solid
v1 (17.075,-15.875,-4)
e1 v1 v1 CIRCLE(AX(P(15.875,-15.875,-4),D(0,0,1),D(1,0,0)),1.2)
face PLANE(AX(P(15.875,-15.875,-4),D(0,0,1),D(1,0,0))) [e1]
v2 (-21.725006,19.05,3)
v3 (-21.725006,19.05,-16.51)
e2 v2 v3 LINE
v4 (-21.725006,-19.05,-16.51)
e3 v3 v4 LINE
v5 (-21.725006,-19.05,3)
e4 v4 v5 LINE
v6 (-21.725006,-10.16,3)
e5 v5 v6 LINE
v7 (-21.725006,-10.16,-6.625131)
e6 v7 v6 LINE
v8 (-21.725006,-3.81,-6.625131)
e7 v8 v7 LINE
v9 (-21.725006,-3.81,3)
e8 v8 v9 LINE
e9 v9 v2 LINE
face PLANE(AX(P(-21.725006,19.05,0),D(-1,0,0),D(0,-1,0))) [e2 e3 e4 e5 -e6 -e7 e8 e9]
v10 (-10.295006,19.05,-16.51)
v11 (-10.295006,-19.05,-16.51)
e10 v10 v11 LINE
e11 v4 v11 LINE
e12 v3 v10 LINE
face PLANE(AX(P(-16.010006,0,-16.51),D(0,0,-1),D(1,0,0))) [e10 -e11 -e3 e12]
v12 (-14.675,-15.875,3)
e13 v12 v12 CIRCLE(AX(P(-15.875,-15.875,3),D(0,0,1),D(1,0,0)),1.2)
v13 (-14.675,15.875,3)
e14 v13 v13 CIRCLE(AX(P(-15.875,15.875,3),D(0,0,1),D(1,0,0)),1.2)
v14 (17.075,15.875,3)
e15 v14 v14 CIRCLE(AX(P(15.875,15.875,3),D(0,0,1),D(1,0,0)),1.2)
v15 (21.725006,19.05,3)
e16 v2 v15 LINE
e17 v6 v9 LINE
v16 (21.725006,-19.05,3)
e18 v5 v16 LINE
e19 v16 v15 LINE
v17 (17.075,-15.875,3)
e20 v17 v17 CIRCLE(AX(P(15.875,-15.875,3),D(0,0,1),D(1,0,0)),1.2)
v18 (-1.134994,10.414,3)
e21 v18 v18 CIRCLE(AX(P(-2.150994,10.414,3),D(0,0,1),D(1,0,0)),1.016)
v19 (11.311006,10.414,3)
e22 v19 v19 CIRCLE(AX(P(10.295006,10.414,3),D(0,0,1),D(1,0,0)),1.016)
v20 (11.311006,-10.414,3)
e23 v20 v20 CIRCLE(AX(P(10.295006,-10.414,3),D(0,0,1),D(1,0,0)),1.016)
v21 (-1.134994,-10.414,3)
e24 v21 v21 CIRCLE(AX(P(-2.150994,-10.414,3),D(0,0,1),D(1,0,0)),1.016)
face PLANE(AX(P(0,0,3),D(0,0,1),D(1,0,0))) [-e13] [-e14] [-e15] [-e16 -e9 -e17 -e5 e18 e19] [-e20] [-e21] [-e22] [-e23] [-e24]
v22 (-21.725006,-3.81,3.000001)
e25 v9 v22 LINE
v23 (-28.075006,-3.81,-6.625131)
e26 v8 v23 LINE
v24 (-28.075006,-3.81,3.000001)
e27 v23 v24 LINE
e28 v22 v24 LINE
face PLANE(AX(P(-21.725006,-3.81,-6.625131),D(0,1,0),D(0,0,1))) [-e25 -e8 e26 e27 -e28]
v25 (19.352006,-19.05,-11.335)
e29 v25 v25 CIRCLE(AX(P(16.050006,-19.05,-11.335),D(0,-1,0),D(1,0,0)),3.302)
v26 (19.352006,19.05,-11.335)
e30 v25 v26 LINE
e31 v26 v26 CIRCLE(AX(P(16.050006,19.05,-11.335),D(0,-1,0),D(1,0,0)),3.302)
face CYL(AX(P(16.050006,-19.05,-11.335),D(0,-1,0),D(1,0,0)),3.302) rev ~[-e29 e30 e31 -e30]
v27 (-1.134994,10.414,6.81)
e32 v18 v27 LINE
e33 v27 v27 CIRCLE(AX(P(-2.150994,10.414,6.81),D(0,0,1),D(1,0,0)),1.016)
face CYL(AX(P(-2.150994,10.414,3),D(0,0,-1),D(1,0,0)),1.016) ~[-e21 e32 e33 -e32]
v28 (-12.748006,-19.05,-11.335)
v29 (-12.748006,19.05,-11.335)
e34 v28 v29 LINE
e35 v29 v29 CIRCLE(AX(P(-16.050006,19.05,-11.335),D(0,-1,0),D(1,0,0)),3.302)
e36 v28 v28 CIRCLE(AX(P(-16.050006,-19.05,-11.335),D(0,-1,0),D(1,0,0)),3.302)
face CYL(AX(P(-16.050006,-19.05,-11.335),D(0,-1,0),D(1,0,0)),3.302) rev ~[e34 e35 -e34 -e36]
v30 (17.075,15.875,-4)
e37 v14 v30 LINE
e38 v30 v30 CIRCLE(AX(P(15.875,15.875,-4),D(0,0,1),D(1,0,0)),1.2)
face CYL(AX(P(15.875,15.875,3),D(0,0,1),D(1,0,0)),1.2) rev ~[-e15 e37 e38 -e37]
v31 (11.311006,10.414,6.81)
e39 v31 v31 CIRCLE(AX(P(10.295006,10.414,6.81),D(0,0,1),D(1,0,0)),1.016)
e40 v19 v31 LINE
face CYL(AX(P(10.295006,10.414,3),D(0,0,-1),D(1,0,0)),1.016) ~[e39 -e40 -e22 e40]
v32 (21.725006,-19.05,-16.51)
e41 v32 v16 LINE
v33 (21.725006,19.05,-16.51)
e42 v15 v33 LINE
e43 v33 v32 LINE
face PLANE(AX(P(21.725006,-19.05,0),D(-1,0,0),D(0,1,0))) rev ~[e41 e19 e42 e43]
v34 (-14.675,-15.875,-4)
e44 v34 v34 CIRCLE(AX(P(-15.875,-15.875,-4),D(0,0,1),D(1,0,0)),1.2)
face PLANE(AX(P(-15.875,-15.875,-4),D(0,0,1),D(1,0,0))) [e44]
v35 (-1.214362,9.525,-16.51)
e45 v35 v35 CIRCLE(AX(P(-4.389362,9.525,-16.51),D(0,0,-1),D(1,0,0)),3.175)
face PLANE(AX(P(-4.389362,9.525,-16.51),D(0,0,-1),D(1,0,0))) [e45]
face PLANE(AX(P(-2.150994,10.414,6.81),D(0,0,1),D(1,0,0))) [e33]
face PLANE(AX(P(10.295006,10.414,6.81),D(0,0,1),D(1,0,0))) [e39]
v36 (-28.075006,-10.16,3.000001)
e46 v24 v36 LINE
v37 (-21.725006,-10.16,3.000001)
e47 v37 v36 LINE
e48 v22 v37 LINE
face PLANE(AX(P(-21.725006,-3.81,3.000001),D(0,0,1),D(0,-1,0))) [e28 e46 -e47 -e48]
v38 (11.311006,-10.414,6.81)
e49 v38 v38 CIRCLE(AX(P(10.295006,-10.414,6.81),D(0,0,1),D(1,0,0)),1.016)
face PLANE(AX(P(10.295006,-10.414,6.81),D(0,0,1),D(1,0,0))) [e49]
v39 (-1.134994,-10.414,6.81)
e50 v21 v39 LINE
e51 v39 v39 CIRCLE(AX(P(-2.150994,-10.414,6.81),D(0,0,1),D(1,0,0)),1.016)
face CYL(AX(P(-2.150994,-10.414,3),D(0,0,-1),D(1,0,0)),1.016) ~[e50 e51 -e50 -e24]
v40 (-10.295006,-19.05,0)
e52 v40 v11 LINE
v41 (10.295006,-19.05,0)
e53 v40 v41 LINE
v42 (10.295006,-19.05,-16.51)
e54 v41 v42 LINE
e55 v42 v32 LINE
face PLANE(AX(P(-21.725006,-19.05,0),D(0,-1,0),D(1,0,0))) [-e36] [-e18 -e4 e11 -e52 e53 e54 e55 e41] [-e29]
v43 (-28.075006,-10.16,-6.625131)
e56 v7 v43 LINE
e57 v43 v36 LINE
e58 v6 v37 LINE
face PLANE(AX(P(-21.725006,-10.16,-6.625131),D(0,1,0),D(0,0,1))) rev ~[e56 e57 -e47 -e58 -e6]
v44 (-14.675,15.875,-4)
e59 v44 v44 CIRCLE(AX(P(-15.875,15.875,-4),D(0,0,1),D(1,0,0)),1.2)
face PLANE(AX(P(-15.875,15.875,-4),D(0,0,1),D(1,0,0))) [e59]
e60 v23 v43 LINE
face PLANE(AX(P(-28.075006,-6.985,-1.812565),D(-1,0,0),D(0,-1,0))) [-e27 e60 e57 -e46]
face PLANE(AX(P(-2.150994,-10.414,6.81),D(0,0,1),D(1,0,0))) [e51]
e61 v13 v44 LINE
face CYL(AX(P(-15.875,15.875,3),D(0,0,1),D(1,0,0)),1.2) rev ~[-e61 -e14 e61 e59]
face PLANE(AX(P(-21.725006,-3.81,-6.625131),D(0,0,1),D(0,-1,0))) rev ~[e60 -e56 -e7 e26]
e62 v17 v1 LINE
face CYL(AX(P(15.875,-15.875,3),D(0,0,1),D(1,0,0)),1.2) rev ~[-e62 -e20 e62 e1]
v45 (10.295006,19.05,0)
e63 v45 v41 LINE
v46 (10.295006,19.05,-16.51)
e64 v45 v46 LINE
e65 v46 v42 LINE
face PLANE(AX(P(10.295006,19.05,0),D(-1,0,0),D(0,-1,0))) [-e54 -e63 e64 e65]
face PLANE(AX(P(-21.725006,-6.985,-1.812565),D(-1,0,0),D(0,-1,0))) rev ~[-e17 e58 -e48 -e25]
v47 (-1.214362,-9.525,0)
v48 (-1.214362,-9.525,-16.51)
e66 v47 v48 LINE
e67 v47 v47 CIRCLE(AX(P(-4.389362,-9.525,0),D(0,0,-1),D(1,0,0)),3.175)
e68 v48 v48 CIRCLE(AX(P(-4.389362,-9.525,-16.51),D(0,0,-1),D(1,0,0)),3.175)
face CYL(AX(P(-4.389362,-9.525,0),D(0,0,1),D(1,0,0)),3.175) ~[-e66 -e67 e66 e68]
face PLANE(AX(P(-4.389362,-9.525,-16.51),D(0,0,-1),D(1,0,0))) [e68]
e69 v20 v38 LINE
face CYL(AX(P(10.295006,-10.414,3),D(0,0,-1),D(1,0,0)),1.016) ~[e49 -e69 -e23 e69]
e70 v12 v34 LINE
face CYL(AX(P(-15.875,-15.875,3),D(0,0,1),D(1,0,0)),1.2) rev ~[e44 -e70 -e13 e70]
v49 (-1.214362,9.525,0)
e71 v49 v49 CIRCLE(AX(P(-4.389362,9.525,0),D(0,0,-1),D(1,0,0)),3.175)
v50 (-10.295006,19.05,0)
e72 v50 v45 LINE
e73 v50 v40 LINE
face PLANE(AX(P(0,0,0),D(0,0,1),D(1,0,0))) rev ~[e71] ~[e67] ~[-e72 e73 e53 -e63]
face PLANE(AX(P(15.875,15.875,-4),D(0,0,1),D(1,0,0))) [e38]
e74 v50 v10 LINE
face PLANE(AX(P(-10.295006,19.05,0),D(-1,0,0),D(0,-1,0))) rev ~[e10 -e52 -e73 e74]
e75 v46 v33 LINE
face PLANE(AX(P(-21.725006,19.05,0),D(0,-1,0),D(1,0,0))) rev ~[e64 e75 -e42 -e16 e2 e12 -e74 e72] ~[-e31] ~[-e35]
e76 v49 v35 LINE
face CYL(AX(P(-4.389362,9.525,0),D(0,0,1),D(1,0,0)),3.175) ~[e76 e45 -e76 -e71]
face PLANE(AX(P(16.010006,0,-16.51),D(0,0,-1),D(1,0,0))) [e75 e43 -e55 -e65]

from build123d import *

# Parameters (mm, degrees)
F0_W      = 43.450012
F0_H      = 38.1
F1_DEPTH  = 3
F2_W      = 11.43
F2_H      = 38.1
F3_DEPTH  = 16.51
F4_R      = 3.302
F5_DEPTH  = 38.1
F6_R      = 1.016
F7_DEPTH  = 3.81
F8_R      = 1.2
F9_DEPTH  = 7
F10_R     = 3.175
F11_DEPTH = 16.51
F12_W     = 6.35
F12_H     = 9.625131
F13_DEPTH = 6.35


with BuildPart() as f1:
    # F0 (on Top) → F1 (new body)
    with BuildSketch(Plane.XY):
        Rectangle(F0_W, F0_H)
    extrude(amount=F1_DEPTH)

    # F2 (on face) → F3 (join)
    with BuildSketch(Plane(origin=(0, 0, 0), x_dir=(1, 0, 0), z_dir=(0, 0, -1))):
        with Locations((-16.010006, 0)):
            Rectangle(F2_W, F2_H)
        with Locations((16.010006, 0)):
            Rectangle(F2_W, F2_H)
    extrude(amount=F3_DEPTH)

    # F4 (on face) → F5 (cut, through all)
    with BuildSketch(Plane.XZ.offset(19.05)):
        with Locations((-16.050006, -11.335)):
            Circle(F4_R)
        with Locations((16.050006, -11.335)):
            Circle(F4_R)
    extrude(amount=-F5_DEPTH, mode=Mode.SUBTRACT)

    # F6 (on face) → F7 (join)
    with BuildSketch(Plane.XY.offset(3)):
        with Locations((-2.150994, -10.414)):
            Circle(F6_R)
        with Locations((10.295006, -10.414)):
            Circle(F6_R)
        with Locations((-2.150994, 10.414)):
            Circle(F6_R)
        with Locations((10.295006, 10.414)):
            Circle(F6_R)
    extrude(amount=F7_DEPTH)

    # F8 (on face) → F9 (cut)
    with BuildSketch(Plane.XY.offset(3)):
        with Locations((15.875, 15.875)):
            Circle(F8_R)
        with Locations((15.875, -15.875)):
            Circle(F8_R)
        with Locations((-15.875, 15.875)):
            Circle(F8_R)
        with Locations((-15.875, -15.875)):
            Circle(F8_R)
    extrude(amount=-F9_DEPTH, mode=Mode.SUBTRACT)

    # F10 (on face) → F11 (join, through all)
    with BuildSketch(Plane(origin=(0, 0, 0), x_dir=(1, 0, 0), z_dir=(0, 0, -1))):
        with Locations((-4.389362, 9.525)):
            Circle(F10_R)
        with Locations((-4.389362, -9.525)):
            Circle(F10_R)
    extrude(amount=F11_DEPTH)

    # F12 (on face) → F13 (join)
    with BuildSketch(Plane(origin=(-21.725006, 0, 0), x_dir=(0, -1, 0), z_dir=(-1, 0, 0))):
        with Locations((6.985, -1.812565)):
            Rectangle(F12_W, F12_H)
    extrude(amount=F13_DEPTH)


solid = f1.part
